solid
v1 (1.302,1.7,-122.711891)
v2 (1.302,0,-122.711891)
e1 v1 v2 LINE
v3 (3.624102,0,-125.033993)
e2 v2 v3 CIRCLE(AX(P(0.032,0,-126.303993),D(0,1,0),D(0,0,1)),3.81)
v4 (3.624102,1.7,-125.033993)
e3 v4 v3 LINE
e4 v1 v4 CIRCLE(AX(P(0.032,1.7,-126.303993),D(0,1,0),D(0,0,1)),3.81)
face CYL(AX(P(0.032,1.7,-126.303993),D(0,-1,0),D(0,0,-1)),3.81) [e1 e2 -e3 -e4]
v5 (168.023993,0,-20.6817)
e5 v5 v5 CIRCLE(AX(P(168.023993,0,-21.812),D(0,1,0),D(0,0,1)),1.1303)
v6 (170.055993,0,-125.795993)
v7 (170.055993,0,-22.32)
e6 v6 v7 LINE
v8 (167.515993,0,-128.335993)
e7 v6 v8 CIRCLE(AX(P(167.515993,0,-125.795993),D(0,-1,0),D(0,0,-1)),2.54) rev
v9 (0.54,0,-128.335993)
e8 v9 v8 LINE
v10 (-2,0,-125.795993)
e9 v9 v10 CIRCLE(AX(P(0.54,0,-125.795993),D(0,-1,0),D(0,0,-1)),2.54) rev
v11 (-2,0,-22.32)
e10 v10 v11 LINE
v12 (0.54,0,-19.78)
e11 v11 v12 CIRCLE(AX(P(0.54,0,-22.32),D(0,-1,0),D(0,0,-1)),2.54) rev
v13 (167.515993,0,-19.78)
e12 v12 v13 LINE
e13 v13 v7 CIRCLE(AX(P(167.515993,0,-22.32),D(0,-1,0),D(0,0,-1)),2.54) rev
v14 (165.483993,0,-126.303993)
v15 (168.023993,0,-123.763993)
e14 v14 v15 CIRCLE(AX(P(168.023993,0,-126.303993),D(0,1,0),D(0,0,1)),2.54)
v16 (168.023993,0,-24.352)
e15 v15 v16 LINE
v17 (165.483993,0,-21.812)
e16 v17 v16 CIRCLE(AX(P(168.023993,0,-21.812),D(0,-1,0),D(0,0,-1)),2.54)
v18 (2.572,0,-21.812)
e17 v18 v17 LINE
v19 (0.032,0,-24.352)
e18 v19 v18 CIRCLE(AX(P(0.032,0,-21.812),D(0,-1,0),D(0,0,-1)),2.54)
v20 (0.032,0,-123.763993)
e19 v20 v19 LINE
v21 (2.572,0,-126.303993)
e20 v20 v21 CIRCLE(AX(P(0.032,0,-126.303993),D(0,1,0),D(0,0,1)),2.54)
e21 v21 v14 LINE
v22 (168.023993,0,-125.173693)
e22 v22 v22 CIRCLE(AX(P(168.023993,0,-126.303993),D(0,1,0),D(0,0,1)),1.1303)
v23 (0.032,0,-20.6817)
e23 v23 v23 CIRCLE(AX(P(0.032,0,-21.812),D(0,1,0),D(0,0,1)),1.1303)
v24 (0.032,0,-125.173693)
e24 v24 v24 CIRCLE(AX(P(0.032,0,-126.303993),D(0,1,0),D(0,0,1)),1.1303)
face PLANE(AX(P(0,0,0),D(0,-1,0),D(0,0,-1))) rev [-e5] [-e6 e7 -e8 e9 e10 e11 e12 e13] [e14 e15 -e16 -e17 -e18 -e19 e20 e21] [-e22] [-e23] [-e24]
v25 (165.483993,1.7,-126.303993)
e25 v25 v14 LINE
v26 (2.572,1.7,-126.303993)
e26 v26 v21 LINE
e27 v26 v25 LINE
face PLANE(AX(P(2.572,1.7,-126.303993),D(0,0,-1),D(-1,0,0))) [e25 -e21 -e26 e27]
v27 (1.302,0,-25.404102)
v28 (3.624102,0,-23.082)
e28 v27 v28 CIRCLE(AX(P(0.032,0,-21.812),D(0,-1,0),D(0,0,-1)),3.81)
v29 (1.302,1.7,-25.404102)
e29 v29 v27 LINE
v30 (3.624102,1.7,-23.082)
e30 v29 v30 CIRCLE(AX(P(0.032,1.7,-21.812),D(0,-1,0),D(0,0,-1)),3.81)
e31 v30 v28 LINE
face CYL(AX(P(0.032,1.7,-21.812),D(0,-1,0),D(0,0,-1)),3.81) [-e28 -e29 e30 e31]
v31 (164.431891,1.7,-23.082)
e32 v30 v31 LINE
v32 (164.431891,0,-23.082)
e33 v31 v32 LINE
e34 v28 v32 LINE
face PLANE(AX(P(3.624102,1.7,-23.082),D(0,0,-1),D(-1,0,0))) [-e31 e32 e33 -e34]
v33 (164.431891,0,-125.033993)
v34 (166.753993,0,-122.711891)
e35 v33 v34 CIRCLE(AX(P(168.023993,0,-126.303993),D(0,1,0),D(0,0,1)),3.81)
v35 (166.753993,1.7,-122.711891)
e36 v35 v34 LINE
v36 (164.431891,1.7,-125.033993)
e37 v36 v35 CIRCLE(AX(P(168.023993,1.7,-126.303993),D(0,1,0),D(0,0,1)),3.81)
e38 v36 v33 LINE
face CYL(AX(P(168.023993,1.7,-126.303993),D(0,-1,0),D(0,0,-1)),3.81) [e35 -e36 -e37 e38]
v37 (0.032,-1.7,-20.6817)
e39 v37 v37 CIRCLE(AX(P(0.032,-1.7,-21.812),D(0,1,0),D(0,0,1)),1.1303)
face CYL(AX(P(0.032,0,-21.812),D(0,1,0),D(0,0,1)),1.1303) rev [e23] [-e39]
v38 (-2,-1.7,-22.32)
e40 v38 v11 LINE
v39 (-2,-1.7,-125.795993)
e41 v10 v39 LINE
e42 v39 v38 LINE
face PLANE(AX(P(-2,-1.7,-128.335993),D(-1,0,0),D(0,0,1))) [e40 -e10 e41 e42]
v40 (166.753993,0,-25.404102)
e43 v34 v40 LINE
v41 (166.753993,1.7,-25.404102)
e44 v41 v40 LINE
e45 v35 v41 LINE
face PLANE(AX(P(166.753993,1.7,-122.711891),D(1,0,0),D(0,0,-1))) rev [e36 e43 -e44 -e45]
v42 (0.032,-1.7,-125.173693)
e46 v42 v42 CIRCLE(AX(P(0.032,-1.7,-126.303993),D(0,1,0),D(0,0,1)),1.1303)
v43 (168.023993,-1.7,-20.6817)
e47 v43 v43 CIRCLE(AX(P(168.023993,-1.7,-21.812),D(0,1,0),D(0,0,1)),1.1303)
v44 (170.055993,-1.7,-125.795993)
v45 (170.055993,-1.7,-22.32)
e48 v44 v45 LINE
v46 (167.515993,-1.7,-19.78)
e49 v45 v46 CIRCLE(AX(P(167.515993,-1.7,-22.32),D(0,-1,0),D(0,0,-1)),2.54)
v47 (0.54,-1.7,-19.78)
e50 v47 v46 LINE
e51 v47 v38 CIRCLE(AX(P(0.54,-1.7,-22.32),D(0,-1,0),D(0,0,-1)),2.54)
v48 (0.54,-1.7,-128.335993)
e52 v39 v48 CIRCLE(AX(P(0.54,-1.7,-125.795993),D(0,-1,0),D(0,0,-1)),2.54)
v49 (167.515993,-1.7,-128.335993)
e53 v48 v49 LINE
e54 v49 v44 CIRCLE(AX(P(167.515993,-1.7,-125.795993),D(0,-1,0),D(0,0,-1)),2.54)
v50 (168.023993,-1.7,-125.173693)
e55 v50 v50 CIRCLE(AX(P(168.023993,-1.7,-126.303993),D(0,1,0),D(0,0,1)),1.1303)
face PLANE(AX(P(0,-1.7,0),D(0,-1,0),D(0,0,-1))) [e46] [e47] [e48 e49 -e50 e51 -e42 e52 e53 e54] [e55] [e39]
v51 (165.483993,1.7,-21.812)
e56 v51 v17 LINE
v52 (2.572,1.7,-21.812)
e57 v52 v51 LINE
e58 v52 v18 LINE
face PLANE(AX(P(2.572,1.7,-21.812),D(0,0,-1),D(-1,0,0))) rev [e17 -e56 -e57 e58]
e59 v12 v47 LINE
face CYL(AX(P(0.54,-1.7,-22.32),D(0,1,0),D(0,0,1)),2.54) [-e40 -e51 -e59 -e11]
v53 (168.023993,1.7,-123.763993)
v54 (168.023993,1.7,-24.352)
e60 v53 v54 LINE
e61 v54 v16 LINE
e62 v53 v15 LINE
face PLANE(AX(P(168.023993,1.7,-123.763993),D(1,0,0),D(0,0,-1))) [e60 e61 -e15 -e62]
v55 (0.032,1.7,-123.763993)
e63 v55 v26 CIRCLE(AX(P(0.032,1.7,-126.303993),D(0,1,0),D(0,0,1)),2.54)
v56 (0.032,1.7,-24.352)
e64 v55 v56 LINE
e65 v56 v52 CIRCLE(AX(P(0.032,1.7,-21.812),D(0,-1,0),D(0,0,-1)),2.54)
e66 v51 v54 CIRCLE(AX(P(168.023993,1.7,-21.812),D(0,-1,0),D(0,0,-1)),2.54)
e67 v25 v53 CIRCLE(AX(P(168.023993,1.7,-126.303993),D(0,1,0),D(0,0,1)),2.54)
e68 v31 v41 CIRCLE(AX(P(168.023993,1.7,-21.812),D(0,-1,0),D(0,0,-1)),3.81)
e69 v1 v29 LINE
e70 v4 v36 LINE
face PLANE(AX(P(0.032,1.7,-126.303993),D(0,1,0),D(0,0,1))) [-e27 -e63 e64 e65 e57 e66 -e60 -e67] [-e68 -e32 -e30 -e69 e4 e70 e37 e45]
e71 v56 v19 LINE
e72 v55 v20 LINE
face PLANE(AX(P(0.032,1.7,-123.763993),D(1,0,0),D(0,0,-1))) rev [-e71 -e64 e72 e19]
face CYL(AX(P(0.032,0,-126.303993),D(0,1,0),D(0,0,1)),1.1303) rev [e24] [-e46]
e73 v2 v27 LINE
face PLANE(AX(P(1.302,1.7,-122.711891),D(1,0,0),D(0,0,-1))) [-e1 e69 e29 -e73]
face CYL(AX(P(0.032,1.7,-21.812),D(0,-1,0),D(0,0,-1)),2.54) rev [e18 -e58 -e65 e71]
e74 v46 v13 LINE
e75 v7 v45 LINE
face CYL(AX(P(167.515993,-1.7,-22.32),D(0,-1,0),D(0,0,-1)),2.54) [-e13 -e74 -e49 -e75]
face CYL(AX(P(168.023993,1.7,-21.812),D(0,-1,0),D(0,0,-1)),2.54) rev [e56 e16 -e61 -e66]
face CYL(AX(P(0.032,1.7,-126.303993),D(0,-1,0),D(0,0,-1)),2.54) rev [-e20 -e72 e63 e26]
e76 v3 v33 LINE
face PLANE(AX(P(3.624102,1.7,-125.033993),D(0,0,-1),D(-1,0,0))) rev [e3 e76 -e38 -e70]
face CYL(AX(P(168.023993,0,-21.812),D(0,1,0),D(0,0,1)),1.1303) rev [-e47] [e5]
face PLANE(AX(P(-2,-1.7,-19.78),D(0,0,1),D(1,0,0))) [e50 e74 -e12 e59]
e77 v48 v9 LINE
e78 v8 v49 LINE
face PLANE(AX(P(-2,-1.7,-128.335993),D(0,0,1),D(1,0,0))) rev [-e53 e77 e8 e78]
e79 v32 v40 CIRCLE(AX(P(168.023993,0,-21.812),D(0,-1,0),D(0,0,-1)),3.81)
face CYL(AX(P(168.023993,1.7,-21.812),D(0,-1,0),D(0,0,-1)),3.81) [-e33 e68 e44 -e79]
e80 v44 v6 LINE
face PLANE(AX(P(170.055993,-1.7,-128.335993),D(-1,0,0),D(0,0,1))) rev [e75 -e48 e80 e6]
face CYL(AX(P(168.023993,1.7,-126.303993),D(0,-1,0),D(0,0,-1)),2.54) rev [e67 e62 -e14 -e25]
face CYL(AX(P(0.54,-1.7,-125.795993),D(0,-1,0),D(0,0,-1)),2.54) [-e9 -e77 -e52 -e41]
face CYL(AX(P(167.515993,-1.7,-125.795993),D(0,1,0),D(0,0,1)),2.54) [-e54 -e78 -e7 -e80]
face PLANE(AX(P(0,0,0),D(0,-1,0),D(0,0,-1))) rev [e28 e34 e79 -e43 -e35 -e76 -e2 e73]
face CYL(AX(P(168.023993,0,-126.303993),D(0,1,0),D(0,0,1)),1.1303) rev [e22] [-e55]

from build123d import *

# Parameters (mm, degrees)
SKETCH20_W            = 172.0559932
SKETCH20_H            = 108.5559932
BOSS_EXTRUDE5_DEPTH   = 1.699999902
BOSS_EXTRUDE6_DEPTH   = 1.7
FILLET3_R             = 2.54
F_4_40_TAPPED_HOLE3_D = 2.2606


with BuildPart() as part:
    # Sketch20 → Boss-Extrude5 (new body)
    with BuildSketch(Plane(origin=(0, 0, 0), x_dir=(1, 0, 0), z_dir=(0, 1, 0))):
        with Locations((84.0279966, 74.0579966)):
            Rectangle(SKETCH20_W, SKETCH20_H)
    extrude(amount=-BOSS_EXTRUDE5_DEPTH)

    # Sketch20<3> → Boss-Extrude6 (add)
    with BuildSketch(Plane(origin=(0, 0, 0), x_dir=(1, 0, 0), z_dir=(0, 1, 0))):
        with BuildLine():
            Line((2.572, 21.812), (165.4839932, 21.812))
            ThreePointArc((165.4839932, 21.812), (166.227941976, 23.608051224), (168.0239932, 24.352))
            Line((168.0239932, 24.352), (168.0239932, 123.7639932))
            ThreePointArc((168.0239932, 123.7639932), (166.227941976, 124.507941976), (165.4839932, 126.3039932))
            Line((165.4839932, 126.3039932), (2.572, 126.3039932))
            ThreePointArc((2.572, 126.3039932), (1.828051224, 124.507941976), (0.032, 123.7639932))
            Line((0.032, 123.7639932), (0.032, 24.352))
            ThreePointArc((0.032, 24.352), (1.828051224, 23.608051224), (2.572, 21.812))
        make_face()
        with BuildLine():
            Line((3.624102448, 23.082), (164.431890752, 23.082))
            ThreePointArc((164.431890752, 23.082), (165.329916364, 24.506076836), (166.7539932, 25.404102448))
            Line((166.7539932, 25.404102448), (166.7539932, 122.711890752))
            ThreePointArc((166.7539932, 122.711890752), (165.329916364, 123.609916364), (164.431890752, 125.0339932))
            Line((164.431890752, 125.0339932), (3.624102448, 125.0339932))
            ThreePointArc((3.624102448, 125.0339932), (2.726076836, 123.609916364), (1.302, 122.711890752))
            Line((1.302, 122.711890752), (1.302, 25.404102448))
            ThreePointArc((1.302, 25.404102448), (2.726076836, 24.506076836), (3.624102448, 23.082))
        make_face(mode=Mode.SUBTRACT)
    extrude(amount=BOSS_EXTRUDE6_DEPTH)

    # Fillet3
    fillet3_edges = [part.edges().sort_by_distance(p)[0] for p in [
        (-2, -0.849999951, -128.3359932),
        (-2, -0.849999951, -19.78),
        (170.0559932, -0.849999951, -19.78),
        (170.0559932, -0.849999951, -128.3359932),
    ]]
    fillet(fillet3_edges, radius=FILLET3_R)

    # #4-40 Tapped Hole3 (through all)
    with Locations(Plane(origin=(0, 0, 0), x_dir=(1, 0, 0), z_dir=(0, 1, 0))):
        with Locations((0.032, 21.812), (168.0239932, 21.812), (168.0239932, 126.3039932), (0.032, 126.3039932)):
            Hole(F_4_40_TAPPED_HOLE3_D / 2)


solid = part.part
